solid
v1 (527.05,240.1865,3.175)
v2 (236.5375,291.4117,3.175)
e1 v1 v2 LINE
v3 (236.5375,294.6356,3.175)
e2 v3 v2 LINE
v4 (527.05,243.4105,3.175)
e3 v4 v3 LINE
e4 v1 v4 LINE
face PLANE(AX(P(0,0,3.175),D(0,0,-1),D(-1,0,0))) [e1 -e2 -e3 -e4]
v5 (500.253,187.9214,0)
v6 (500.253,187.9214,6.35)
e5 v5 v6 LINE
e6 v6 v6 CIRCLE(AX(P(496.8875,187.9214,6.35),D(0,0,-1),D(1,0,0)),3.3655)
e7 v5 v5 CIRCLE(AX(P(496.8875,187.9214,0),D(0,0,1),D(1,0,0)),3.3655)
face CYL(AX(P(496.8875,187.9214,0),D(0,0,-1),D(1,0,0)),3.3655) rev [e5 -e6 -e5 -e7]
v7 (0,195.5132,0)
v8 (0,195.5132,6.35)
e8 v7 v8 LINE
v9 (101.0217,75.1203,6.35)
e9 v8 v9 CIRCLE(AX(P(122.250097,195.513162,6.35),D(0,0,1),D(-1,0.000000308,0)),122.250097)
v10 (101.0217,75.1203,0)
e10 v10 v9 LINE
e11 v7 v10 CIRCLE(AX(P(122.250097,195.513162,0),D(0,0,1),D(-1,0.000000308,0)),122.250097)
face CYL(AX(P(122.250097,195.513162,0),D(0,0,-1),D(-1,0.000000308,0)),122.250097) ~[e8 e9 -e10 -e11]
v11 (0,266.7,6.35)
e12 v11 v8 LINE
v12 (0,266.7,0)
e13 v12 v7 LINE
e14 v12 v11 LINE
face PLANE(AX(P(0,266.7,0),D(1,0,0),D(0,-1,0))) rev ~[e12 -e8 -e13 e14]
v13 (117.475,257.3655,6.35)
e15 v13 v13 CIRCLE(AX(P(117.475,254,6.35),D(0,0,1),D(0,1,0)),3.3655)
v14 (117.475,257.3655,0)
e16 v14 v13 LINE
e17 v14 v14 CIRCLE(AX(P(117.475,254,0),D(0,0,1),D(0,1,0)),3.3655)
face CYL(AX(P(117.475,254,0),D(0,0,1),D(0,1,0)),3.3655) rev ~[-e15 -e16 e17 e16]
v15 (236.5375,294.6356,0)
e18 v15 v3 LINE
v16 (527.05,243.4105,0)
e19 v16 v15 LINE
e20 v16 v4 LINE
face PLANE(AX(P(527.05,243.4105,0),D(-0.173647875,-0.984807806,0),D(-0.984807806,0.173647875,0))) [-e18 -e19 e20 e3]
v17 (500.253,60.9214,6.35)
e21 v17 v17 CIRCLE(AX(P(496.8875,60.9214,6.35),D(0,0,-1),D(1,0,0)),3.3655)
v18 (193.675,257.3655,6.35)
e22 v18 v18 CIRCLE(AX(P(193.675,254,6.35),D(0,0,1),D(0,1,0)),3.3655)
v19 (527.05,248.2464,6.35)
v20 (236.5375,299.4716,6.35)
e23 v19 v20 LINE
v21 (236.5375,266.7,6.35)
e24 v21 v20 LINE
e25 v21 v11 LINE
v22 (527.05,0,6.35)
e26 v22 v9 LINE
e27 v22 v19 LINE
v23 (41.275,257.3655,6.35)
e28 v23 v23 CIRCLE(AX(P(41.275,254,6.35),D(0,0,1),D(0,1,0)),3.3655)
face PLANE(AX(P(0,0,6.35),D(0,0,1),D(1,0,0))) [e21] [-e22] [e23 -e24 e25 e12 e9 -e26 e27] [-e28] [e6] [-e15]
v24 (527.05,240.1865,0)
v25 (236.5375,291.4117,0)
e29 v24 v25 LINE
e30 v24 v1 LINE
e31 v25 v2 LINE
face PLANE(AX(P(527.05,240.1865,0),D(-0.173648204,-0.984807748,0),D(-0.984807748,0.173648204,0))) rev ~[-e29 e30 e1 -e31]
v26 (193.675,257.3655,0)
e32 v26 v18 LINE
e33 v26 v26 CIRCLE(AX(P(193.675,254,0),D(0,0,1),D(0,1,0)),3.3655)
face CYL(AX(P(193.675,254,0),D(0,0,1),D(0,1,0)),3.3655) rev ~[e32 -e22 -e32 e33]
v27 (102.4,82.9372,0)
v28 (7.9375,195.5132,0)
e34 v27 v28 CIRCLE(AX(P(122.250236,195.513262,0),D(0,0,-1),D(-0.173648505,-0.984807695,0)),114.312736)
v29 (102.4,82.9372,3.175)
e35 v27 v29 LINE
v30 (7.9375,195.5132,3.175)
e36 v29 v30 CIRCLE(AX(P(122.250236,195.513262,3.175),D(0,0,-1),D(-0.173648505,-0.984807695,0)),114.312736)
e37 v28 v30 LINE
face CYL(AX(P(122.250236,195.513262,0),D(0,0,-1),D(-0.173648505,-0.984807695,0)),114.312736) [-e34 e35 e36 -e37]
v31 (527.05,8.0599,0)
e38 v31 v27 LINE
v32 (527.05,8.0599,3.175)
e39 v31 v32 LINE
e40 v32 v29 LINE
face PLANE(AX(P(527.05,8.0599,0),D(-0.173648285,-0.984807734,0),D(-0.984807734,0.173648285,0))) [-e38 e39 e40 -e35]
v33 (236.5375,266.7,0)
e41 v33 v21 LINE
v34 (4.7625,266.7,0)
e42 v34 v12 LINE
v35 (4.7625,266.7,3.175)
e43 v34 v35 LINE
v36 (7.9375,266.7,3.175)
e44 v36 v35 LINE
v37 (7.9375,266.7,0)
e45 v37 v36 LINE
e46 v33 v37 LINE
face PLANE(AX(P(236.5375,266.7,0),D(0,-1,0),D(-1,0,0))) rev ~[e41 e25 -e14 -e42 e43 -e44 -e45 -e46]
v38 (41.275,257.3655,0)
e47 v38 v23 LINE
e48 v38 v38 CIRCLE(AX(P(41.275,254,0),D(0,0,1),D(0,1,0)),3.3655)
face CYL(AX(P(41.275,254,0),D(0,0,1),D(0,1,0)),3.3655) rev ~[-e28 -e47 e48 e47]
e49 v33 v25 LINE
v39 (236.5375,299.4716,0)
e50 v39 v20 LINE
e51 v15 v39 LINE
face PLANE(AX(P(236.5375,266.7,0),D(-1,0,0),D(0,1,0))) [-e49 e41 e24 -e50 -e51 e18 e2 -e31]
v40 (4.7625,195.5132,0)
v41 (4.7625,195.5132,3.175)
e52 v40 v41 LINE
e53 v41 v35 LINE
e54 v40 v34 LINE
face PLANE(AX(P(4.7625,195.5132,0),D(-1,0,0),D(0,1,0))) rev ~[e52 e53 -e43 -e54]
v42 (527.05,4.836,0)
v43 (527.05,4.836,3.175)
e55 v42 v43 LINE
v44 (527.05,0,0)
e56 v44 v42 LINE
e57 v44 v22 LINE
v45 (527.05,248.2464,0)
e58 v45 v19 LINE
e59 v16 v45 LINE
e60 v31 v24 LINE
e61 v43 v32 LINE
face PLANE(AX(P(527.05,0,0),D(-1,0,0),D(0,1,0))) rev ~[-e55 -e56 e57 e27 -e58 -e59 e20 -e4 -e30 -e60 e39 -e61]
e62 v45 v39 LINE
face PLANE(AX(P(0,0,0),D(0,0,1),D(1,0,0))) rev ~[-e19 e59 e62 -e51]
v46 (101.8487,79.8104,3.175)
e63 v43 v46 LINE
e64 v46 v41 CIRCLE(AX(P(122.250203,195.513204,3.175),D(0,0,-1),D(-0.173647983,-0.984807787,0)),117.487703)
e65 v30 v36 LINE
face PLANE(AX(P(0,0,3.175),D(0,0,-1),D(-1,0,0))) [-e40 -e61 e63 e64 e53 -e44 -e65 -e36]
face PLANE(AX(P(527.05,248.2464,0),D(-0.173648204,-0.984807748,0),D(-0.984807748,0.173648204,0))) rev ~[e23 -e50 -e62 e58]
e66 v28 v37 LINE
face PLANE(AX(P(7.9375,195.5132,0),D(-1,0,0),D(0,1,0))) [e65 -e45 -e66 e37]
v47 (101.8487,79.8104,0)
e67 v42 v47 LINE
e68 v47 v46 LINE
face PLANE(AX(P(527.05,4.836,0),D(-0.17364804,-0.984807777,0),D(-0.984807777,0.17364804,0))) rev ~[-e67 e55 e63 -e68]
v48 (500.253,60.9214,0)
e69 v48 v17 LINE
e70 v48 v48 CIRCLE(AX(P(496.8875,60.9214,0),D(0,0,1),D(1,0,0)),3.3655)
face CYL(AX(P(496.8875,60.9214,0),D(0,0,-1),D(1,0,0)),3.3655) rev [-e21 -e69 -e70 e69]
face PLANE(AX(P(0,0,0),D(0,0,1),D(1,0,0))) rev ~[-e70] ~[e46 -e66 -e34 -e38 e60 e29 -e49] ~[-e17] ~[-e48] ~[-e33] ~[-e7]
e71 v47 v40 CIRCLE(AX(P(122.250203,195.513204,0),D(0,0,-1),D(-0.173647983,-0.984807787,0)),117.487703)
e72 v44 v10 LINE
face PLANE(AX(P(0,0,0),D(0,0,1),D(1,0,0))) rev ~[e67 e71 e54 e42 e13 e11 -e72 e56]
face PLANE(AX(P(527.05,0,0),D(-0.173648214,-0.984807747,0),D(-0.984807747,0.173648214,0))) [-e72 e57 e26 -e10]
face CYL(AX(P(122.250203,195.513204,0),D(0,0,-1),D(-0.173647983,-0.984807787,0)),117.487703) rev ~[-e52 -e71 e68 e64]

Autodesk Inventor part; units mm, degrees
ref_plane "YZ Plane" through (0, 0, 0) normal (1, 0, 0) x (0, 1, 0)
ref_plane "XZ Plane" through (0, 0, 0) normal (0, 1, 0) x (-1, 0, 0)
ref_plane "XY Plane" through (0, 0, 0) normal (0, 0, 1) x (1, 0, 0)
sketch "Sketch1" plane through (0, 0, 0) normal (0, 0, 1) x (1, 0, 0)
  line L0 (0, 0) -> (236.5375, 0)
  line L1 (527.05, 0) -> (527.05, 248.2464)
  line L2 (236.5375, 266.7) -> (0, 266.7)
  line L3 (0, 266.7) -> (0, 195.5132)
  line L4 (527.05, 0) -> (101.0217, 75.1203)
  line L5 (527.05, 248.2464) -> (236.5375, 299.4716)
  line L6 (236.5375, 266.7) -> (236.5375, 299.4716)
  arc A0 (0, 195.5132) -> (101.0217, 75.1203) centre (122.2502, 195.5132) ccw
  circle A1 centre (496.8875, 187.9214) radius 3.3655
  circle A2 centre (496.8875, 60.9214) radius 3.3655
  point P0 (0, 92.9331)
  dimension "d0" = 266.7
  dimension "d2" = 10
  dimension "d3" = 244.475
  dimension "d4" = 236.5375
  dimension "d5" = 527.05
  dimension "d18" = 122.2502
  dimension "d20" = 6.731
  dimension "d21" = 60.325
  dimension "d22" = 127
  dimension "d23" = 30.1625
  dimension "d24" = 30.1625
extrude "Extrusion1" add sketch "Sketch1" along normal blind 6.35 contours L4 A0 L3 L2 L6 L5 L1 | A1 | A2
sketch "Sketch2" plane through (0, 0, 0) normal (0, 0, -1) x (-1, 0, 0)
  line L0 (-527.05, 248.2464) -> (-236.5375, 299.4716) projected
  line L1 (-101.0217, 75.1203) -> (-527.05, 0) projected
  arc A0 (-101.0217, 75.1203) -> (0, 195.5132) centre (-122.2502, 195.5132) ccw projected
  line L2 (0, 266.7) -> (0, 195.5132) projected
  line L3 (-527.05, 243.4105) -> (-236.5375, 294.6356)
  line L4 (-527.05, 240.1865) -> (-236.5375, 291.4117)
  line L5 (-527.05, 4.836) -> (-101.8487, 79.8104)
  arc A1 (-101.8487, 79.8104) -> (-4.7625, 195.5132) centre (-122.2502, 195.5132) ccw
  line L6 (-4.7625, 195.5132) -> (-4.7625, 266.7)
  line L7 (-527.05, 8.0599) -> (-102.4, 82.9372)
  arc A2 (-102.4, 82.9372) -> (-7.9375, 195.5132) centre (-122.2502, 195.5132) ccw
  line L8 (-7.9375, 195.5132) -> (-7.9375, 266.7)
  line L9 (-527.05, 0) -> (-527.05, 248.2464) projected
  line L10 (-236.5375, 299.4716) -> (-236.5375, 266.7) projected
  line L11 (-236.5375, 266.7) -> (0, 266.7) projected
  line L12 (-527.05, 240.1865) -> (-527.05, 243.4105)
  line L13 (-236.5375, 294.6356) -> (-236.5375, 291.4117)
  line L14 (-7.9375, 266.7) -> (-4.7625, 266.7)
  line L15 (-527.05, 8.0599) -> (-527.05, 4.836)
  dimension "d27" = 4.7625
  dimension "d28" = 3.175
  dimension "d29" = 4.7625
  dimension "d30" = 4.7625
  dimension "d31" = 3.175
  dimension "d32" = 3.175
extrude "Extrusion2" cut sketch "Sketch2" against normal blind 3.175 contours L3 L10 L4 L9 | L7 A2 L8 L11 L6 A1 L5 L9
extrude "Extrusion3" cut sketch "Sketch1" along normal blind 25.4 contours A1 | A2
hole "Hole1" at (41.275, 254, 0) direction (0, 0, 1) diameter 6.731 depth 25.4 tip angle 118
pattern_linear "Rectangular Pattern1" count 3 spacing 76.2 along (1, 0, 0) of "Hole1"
equation "\"d24\" = d23"
equation "\"d29\" = d27"
equation "\"d30\" = d27"
properties part number "GE-12087-01"
